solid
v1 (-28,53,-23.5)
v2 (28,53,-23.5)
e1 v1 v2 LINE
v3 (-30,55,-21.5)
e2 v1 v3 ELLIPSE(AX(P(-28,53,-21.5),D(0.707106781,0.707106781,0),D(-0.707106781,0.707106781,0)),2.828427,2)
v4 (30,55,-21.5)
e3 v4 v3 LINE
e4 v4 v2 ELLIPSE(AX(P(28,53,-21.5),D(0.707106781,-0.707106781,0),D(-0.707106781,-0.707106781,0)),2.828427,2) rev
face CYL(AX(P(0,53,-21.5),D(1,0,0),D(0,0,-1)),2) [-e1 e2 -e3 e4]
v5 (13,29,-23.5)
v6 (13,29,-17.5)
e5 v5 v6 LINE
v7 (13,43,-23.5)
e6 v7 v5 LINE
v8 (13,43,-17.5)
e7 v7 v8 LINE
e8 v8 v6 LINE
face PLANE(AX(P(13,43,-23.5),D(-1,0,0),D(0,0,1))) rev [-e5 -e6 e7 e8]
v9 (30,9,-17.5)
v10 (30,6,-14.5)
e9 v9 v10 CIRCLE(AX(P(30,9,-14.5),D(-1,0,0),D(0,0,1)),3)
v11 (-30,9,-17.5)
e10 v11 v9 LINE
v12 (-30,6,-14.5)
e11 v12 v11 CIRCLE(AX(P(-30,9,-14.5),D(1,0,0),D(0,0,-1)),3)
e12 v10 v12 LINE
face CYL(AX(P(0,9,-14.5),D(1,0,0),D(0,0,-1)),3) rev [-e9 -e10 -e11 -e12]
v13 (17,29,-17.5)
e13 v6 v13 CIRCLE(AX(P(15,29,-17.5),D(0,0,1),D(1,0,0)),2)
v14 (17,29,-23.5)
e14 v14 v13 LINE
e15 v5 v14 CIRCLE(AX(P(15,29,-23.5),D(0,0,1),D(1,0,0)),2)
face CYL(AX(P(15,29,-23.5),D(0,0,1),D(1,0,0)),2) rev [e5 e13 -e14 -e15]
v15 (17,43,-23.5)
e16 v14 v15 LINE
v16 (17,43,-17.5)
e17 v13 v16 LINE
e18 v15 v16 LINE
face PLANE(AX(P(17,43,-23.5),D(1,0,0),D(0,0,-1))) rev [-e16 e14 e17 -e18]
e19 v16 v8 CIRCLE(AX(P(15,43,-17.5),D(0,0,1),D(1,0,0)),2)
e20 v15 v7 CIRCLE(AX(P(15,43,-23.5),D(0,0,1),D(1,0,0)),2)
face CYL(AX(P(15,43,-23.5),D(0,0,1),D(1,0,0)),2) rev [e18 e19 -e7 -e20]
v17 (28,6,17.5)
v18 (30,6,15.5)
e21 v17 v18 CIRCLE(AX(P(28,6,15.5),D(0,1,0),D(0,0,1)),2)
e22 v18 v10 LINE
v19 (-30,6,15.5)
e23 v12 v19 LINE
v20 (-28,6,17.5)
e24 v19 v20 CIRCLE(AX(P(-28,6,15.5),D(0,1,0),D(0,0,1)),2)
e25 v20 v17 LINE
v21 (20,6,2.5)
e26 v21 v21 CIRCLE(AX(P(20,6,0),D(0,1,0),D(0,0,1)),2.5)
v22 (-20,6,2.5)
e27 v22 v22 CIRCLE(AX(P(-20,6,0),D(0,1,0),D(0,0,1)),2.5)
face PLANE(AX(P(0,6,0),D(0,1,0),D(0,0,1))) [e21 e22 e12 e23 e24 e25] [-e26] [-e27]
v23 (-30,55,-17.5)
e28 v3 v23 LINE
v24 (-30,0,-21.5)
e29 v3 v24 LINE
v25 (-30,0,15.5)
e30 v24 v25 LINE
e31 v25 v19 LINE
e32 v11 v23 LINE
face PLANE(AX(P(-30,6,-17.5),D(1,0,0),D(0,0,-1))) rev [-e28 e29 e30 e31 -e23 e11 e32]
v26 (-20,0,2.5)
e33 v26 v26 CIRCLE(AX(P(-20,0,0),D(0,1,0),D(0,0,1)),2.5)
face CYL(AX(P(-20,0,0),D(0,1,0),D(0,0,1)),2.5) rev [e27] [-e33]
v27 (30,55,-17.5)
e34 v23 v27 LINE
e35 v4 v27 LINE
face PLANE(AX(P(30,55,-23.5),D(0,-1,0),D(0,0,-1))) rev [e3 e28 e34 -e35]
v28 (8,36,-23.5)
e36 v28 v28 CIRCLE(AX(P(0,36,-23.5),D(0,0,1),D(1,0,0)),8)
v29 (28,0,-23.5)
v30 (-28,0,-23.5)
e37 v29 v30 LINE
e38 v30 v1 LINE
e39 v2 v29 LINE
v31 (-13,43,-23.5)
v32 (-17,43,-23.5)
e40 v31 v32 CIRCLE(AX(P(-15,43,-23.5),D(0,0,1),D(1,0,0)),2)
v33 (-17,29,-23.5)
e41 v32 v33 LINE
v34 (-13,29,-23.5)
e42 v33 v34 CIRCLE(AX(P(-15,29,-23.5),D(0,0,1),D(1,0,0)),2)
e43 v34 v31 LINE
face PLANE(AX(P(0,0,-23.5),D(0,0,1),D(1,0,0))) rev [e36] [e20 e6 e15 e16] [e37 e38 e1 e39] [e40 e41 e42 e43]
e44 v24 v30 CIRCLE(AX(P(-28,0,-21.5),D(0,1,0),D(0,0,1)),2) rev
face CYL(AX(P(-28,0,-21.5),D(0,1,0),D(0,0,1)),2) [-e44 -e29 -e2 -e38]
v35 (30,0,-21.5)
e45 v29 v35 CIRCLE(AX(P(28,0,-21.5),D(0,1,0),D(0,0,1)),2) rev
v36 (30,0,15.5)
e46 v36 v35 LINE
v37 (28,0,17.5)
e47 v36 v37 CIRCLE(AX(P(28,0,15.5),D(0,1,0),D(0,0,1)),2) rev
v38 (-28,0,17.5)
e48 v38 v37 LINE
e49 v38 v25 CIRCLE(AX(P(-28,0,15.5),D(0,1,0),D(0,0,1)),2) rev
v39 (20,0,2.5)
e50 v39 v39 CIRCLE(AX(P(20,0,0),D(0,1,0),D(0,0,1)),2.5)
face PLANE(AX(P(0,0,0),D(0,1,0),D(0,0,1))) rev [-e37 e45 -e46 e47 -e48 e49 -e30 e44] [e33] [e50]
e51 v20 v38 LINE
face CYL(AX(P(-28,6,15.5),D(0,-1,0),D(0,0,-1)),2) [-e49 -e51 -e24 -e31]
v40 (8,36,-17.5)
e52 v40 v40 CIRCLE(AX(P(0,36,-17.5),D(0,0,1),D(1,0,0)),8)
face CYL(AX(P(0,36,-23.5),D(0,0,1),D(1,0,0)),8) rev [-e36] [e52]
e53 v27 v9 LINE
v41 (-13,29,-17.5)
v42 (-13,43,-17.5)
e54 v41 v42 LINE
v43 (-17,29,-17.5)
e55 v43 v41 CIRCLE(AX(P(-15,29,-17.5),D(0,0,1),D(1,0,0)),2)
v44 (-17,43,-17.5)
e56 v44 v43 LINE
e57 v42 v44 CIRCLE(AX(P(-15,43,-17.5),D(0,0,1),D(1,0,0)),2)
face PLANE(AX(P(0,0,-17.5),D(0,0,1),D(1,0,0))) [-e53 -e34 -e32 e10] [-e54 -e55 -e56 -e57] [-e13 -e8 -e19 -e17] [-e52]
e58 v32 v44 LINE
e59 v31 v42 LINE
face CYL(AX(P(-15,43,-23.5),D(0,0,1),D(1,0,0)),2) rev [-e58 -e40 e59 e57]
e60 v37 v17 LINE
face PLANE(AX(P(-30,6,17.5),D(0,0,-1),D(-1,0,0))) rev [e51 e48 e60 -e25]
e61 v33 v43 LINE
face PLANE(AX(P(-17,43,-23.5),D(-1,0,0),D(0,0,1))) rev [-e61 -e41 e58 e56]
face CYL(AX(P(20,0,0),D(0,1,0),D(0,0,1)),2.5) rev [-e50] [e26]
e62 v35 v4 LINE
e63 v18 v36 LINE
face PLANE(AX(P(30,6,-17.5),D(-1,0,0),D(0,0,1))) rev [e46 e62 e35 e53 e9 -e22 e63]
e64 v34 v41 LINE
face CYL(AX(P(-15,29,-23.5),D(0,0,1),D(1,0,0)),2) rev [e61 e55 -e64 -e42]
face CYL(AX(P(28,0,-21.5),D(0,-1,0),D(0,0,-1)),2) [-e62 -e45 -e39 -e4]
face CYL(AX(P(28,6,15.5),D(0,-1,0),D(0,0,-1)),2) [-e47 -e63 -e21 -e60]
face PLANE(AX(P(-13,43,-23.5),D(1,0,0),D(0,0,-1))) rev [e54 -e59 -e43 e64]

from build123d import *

# Parameters (mm, degrees)
SKETCH2_W           = 60
SKETCH2_H           = 35
BOSS_EXTRUDE1_DEPTH = 6
SKETCH3_W           = 60
SKETCH3_H           = 55
BOSS_EXTRUDE2_DEPTH = 6
SKETCH4_R           = 8
CUT_EXTRUDE1_DEPTH  = 72.763500472
CUT_EXTRUDE2_DEPTH  = 72.763500472
SKETCH6_R           = 2.5
CUT_EXTRUDE3_DEPTH  = 6
FILLET1_R           = 2
FILLET2_R           = 3


with BuildPart() as part:
    # Sketch2 → Boss-Extrude1 (new body)
    with BuildSketch(Plane(origin=(0, 0, 0), x_dir=(1, 0, 0), z_dir=(0, 1, 0))):
        Rectangle(SKETCH2_W, SKETCH2_H)
    extrude(amount=BOSS_EXTRUDE1_DEPTH)

    # Sketch3 → Boss-Extrude2 (add)
    with BuildSketch(Plane(origin=(0, 0, -17.5), x_dir=(-1, 0, 0), z_dir=(0, 0, -1))):
        with Locations((0, 27.5)):
            Rectangle(SKETCH3_W, SKETCH3_H)
    extrude(amount=BOSS_EXTRUDE2_DEPTH)

    # Sketch4 → Cut-Extrude1 (cut, through all)
    with BuildSketch(Plane.XY.offset(-17.5)):
        with Locations((0, 36)):
            Circle(SKETCH4_R)
    extrude(amount=-CUT_EXTRUDE1_DEPTH, mode=Mode.SUBTRACT)

    # Sketch5 → Cut-Extrude2 (cut, through all)
    with BuildSketch(Plane.XY.offset(-17.5)):
        with BuildLine():
            Line((-13, 43), (-13, 29))
            ThreePointArc((-13, 29), (-15, 27), (-17, 29))
            Line((-17, 29), (-17, 43))
            ThreePointArc((-17, 43), (-15, 45), (-13, 43))
        make_face()
        with BuildLine():
            Line((17, 43), (17, 29))
            ThreePointArc((17, 29), (15, 27), (13, 29))
            Line((13, 29), (13, 43))
            ThreePointArc((13, 43), (15, 45), (17, 43))
        make_face()
    extrude(amount=-CUT_EXTRUDE2_DEPTH, mode=Mode.SUBTRACT)

    # Sketch6 → Cut-Extrude3 (cut)
    with BuildSketch(Plane(origin=(0, 6, 0), x_dir=(1, 0, 0), z_dir=(0, 1, 0))):
        with Locations(Location((-20, 0, 0), (0, 0, 270))):
            Circle(SKETCH6_R)
        with Locations(Location((20, 0, 0), (0, 0, 270))):
            Circle(SKETCH6_R)
    extrude(amount=-CUT_EXTRUDE3_DEPTH, mode=Mode.SUBTRACT)

    # Fillet1
    fillet1_edges = [part.edges().sort_by_distance(p)[0] for p in [
        (30, 27.5, -23.5),
        (-30, 27.5, -23.5),
        (0, 55, -23.5),
        (30, 3, 17.5),
        (-30, 3, 17.5),
    ]]
    fillet(fillet1_edges, radius=FILLET1_R)

    # Fillet2
    fillet2_edges = [part.edges().sort_by_distance(p)[0] for p in [
        (0, 6, -17.5),
    ]]
    fillet(fillet2_edges, radius=FILLET2_R)


solid = part.part
